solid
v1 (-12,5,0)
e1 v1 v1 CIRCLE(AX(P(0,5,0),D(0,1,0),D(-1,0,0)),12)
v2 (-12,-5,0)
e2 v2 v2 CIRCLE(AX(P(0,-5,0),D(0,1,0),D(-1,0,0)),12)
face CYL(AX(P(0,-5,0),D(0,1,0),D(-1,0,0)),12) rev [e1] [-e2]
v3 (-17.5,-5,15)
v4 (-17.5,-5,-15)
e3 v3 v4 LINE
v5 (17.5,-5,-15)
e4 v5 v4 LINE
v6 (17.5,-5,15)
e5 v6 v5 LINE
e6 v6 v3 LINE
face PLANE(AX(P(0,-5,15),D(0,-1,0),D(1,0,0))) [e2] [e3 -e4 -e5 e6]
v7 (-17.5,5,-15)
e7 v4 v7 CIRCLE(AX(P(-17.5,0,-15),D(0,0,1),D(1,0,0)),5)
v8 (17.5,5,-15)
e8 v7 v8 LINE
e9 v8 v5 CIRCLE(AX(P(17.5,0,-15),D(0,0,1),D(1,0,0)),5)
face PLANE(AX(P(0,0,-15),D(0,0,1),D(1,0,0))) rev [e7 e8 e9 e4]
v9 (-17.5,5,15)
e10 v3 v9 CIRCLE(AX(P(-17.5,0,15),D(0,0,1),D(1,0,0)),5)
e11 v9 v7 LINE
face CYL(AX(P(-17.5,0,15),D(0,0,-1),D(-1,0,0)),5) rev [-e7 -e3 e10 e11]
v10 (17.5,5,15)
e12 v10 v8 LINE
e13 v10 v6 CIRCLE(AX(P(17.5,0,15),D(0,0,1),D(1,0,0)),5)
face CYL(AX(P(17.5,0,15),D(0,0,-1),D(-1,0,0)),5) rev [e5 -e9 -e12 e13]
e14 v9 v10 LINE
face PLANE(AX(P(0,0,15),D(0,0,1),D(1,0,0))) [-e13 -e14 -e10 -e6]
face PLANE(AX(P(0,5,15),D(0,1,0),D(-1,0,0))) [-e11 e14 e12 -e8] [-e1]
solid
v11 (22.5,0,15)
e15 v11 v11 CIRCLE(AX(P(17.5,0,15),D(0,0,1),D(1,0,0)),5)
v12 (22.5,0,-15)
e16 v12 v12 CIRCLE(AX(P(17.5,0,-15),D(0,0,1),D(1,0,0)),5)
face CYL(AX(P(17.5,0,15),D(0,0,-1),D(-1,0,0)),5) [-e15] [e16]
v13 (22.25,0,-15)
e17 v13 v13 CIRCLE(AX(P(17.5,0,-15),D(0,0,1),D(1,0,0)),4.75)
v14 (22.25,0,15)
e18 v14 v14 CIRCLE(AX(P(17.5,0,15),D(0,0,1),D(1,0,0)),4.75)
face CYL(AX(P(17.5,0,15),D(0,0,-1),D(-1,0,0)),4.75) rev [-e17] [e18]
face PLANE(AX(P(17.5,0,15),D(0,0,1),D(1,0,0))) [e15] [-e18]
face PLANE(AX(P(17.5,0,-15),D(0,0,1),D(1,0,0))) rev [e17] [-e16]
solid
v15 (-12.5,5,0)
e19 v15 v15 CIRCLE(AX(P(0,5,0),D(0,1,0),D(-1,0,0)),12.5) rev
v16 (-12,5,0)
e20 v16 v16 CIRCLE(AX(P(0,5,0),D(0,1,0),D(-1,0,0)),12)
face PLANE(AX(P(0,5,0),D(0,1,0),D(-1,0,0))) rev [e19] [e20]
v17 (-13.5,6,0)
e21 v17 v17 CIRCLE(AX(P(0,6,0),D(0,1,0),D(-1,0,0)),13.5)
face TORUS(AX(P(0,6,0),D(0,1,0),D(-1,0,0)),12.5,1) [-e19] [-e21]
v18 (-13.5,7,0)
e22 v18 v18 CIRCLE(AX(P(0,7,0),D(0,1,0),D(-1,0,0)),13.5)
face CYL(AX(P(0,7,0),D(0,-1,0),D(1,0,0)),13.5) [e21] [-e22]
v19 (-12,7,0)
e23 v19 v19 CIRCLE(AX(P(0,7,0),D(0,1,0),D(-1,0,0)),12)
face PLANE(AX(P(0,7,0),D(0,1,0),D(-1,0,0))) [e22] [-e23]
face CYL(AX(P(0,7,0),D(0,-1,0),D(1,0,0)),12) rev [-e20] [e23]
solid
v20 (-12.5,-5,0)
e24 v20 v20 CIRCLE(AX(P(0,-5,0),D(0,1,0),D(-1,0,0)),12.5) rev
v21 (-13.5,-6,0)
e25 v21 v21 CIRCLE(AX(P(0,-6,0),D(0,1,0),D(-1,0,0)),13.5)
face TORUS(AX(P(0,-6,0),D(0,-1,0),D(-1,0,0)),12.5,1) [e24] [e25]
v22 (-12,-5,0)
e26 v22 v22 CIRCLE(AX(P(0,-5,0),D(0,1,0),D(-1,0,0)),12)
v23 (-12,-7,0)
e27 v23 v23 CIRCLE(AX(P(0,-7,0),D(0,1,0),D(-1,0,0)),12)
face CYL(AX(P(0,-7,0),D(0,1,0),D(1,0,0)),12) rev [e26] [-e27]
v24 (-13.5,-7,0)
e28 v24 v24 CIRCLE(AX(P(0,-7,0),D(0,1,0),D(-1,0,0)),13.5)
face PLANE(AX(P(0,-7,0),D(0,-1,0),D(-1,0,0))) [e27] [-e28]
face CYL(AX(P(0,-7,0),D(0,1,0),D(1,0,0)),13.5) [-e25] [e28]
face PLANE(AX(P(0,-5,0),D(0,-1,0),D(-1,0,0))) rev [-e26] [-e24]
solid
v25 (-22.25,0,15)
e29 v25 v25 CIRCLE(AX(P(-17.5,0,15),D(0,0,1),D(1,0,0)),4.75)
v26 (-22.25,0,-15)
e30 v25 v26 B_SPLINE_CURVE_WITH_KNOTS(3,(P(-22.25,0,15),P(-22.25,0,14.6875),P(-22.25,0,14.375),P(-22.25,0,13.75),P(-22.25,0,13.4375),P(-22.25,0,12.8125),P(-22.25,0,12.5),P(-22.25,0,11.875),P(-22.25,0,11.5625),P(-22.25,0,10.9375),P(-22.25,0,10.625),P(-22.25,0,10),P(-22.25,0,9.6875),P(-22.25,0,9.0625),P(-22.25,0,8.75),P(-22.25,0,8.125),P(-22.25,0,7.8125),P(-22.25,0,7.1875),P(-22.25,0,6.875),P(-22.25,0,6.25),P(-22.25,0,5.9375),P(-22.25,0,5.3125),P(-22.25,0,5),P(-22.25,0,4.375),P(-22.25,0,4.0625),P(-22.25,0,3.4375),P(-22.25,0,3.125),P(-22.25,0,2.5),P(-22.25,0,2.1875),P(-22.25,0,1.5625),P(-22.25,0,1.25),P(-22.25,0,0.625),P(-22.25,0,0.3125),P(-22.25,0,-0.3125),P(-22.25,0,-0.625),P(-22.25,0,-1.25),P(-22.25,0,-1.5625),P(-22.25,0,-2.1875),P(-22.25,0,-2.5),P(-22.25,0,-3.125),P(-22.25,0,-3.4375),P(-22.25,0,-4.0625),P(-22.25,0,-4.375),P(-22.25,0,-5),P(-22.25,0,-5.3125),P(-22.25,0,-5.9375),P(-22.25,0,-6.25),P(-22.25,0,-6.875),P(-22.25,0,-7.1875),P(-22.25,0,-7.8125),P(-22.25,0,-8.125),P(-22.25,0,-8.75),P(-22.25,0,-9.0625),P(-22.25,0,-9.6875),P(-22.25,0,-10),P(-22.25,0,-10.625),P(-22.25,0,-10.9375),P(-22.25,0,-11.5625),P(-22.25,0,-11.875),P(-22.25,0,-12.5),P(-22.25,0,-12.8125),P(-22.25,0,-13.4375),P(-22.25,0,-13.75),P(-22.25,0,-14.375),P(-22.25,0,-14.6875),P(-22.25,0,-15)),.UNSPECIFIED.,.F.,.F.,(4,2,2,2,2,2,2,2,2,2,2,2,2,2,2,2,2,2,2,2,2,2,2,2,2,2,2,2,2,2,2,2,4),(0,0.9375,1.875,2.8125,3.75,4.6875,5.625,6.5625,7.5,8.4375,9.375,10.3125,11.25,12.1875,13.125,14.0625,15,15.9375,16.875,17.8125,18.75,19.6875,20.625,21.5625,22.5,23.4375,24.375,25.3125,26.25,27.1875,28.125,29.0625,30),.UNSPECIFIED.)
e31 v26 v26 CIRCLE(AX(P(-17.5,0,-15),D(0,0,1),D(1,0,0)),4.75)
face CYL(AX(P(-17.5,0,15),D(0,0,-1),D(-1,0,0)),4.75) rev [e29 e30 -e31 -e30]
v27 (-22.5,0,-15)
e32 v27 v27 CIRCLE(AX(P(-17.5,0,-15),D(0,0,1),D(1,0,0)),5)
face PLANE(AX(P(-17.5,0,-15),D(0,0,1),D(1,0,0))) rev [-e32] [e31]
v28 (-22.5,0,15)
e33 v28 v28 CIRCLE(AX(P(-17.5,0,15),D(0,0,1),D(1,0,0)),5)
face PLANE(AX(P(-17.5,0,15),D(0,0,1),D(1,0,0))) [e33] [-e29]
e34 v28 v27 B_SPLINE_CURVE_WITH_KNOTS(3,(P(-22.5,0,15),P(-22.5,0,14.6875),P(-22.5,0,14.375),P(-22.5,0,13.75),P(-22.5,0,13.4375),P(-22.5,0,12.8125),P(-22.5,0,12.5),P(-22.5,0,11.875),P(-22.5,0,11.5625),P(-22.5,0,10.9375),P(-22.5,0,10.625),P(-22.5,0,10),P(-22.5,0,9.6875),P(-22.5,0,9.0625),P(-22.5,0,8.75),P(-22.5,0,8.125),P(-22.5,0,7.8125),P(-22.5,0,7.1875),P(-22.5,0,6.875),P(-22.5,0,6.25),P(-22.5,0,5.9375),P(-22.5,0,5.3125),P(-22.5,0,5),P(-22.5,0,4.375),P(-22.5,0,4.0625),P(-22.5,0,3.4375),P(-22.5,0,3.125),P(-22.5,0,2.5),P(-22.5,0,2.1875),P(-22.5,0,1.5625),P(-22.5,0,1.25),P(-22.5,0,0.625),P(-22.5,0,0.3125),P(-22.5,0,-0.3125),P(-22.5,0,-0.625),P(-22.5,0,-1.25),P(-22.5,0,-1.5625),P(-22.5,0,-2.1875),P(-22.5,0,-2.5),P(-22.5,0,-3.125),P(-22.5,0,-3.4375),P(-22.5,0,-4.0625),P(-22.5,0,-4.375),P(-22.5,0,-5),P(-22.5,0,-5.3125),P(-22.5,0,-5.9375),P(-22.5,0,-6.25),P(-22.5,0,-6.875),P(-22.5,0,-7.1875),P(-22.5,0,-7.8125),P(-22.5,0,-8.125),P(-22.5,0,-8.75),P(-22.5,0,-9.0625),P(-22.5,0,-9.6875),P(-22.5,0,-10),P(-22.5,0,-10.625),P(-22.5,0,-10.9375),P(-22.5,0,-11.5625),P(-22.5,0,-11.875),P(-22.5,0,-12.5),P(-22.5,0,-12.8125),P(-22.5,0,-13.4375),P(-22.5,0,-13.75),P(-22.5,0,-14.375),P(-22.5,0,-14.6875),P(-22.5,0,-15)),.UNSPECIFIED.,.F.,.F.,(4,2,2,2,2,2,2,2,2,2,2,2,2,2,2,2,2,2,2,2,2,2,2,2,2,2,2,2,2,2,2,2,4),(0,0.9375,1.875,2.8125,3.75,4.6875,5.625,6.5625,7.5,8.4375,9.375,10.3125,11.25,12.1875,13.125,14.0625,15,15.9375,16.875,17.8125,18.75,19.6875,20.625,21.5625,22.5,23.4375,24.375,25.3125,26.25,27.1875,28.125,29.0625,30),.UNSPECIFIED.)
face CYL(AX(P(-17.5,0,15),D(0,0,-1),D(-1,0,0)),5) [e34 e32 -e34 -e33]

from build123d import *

# Parameters (mm, degrees)
SKETCH1_R                  = 5
SKETCH1_R_2                = 4.75
STRUCTURAL_MEMBER1_DEPTH   = 30
SKETCH1_ON_SEGMENT_2_R     = 5
SKETCH1_ON_SEGMENT_2_R_2   = 4.75
STRUCTURAL_MEMBER1_2_DEPTH = 30
BOSS_EXTRUDE2_DEPTH        = 15
SKETCH21_R                 = 12
CUT_EXTRUDE6_DEPTH         = 10
SKETCH22_R                 = 13.5
SKETCH22_R_2               = 12
BOSS_EXTRUDE3_DEPTH        = 2
FILLET2_R                  = 1


with BuildPart() as part:
    # Sketch1 → Structural Member1 (new body)
    with BuildSketch(Plane(origin=(-17.5, 0, -15), x_dir=(1, 0, 0), z_dir=(0, 0, 1))):
        Circle(SKETCH1_R)
        Circle(SKETCH1_R_2, mode=Mode.SUBTRACT)
    extrude(amount=STRUCTURAL_MEMBER1_DEPTH)


with BuildPart() as body_2:
    # Sketch1 on segment 2 (carried to segment 2) → Structural Member1 2 (new body)
    with BuildSketch(Plane(origin=(17.5, 0, -15), x_dir=(1, 0, 0), z_dir=(0, 0, 1))):
        Circle(SKETCH1_ON_SEGMENT_2_R)
        Circle(SKETCH1_ON_SEGMENT_2_R_2, mode=Mode.SUBTRACT)
    extrude(amount=STRUCTURAL_MEMBER1_2_DEPTH)


with BuildPart() as body_3:
    # Sketch4 → Boss-Extrude2 (new, symmetric)
    with BuildSketch(Plane.XY):
        with BuildLine():
            Line((17.5, 5), (-17.5, 5))
            ThreePointArc((-17.5, 5), (-13.964466094, 3.535533906), (-12.5, 0))
            ThreePointArc((-12.5, 0), (-13.964466094, -3.535533906), (-17.5, -5))
            Line((-17.5, -5), (17.5, -5))
            ThreePointArc((17.5, -5), (12.5, 0), (17.5, 5))
        make_face()
    extrude(amount=BOSS_EXTRUDE2_DEPTH, both=True)

    # Sketch21 → Cut-Extrude6 (cut, symmetric)
    with BuildSketch(Plane(origin=(0, 5, 0), x_dir=(1, 0, 0), z_dir=(0, 1, 0))):
        with Locations(Location((0, 0, 0), (0, 0, 180))):
            Circle(SKETCH21_R)
    extrude(amount=CUT_EXTRUDE6_DEPTH, both=True, mode=Mode.SUBTRACT)


with BuildPart() as body_4:
    # Sketch22 → Boss-Extrude3 (new body)
    with BuildSketch(Plane(origin=(0, 5, 0), x_dir=(1, 0, 0), z_dir=(0, 1, 0))):
        with Locations(Location((0, 0, 0), (0, 0, 180))):
            Circle(SKETCH22_R)
        with Locations(Location((0, 0, 0), (0, 0, 180))):
            Circle(SKETCH22_R_2, mode=Mode.SUBTRACT)
    extrude(amount=BOSS_EXTRUDE3_DEPTH)

    # Fillet2
    fillet2_edges = [body_4.edges().sort_by_distance(p)[0] for p in [
        (13.5, 5, 0),
    ]]
    fillet(fillet2_edges, radius=FILLET2_R)


with BuildPart() as body_5:
    # Mirror1: mirrored copy
    add(body_4.part.mirror(Plane.ZX))


solid = Compound([part.part, body_2.part, body_3.part, body_4.part, body_5.part])
